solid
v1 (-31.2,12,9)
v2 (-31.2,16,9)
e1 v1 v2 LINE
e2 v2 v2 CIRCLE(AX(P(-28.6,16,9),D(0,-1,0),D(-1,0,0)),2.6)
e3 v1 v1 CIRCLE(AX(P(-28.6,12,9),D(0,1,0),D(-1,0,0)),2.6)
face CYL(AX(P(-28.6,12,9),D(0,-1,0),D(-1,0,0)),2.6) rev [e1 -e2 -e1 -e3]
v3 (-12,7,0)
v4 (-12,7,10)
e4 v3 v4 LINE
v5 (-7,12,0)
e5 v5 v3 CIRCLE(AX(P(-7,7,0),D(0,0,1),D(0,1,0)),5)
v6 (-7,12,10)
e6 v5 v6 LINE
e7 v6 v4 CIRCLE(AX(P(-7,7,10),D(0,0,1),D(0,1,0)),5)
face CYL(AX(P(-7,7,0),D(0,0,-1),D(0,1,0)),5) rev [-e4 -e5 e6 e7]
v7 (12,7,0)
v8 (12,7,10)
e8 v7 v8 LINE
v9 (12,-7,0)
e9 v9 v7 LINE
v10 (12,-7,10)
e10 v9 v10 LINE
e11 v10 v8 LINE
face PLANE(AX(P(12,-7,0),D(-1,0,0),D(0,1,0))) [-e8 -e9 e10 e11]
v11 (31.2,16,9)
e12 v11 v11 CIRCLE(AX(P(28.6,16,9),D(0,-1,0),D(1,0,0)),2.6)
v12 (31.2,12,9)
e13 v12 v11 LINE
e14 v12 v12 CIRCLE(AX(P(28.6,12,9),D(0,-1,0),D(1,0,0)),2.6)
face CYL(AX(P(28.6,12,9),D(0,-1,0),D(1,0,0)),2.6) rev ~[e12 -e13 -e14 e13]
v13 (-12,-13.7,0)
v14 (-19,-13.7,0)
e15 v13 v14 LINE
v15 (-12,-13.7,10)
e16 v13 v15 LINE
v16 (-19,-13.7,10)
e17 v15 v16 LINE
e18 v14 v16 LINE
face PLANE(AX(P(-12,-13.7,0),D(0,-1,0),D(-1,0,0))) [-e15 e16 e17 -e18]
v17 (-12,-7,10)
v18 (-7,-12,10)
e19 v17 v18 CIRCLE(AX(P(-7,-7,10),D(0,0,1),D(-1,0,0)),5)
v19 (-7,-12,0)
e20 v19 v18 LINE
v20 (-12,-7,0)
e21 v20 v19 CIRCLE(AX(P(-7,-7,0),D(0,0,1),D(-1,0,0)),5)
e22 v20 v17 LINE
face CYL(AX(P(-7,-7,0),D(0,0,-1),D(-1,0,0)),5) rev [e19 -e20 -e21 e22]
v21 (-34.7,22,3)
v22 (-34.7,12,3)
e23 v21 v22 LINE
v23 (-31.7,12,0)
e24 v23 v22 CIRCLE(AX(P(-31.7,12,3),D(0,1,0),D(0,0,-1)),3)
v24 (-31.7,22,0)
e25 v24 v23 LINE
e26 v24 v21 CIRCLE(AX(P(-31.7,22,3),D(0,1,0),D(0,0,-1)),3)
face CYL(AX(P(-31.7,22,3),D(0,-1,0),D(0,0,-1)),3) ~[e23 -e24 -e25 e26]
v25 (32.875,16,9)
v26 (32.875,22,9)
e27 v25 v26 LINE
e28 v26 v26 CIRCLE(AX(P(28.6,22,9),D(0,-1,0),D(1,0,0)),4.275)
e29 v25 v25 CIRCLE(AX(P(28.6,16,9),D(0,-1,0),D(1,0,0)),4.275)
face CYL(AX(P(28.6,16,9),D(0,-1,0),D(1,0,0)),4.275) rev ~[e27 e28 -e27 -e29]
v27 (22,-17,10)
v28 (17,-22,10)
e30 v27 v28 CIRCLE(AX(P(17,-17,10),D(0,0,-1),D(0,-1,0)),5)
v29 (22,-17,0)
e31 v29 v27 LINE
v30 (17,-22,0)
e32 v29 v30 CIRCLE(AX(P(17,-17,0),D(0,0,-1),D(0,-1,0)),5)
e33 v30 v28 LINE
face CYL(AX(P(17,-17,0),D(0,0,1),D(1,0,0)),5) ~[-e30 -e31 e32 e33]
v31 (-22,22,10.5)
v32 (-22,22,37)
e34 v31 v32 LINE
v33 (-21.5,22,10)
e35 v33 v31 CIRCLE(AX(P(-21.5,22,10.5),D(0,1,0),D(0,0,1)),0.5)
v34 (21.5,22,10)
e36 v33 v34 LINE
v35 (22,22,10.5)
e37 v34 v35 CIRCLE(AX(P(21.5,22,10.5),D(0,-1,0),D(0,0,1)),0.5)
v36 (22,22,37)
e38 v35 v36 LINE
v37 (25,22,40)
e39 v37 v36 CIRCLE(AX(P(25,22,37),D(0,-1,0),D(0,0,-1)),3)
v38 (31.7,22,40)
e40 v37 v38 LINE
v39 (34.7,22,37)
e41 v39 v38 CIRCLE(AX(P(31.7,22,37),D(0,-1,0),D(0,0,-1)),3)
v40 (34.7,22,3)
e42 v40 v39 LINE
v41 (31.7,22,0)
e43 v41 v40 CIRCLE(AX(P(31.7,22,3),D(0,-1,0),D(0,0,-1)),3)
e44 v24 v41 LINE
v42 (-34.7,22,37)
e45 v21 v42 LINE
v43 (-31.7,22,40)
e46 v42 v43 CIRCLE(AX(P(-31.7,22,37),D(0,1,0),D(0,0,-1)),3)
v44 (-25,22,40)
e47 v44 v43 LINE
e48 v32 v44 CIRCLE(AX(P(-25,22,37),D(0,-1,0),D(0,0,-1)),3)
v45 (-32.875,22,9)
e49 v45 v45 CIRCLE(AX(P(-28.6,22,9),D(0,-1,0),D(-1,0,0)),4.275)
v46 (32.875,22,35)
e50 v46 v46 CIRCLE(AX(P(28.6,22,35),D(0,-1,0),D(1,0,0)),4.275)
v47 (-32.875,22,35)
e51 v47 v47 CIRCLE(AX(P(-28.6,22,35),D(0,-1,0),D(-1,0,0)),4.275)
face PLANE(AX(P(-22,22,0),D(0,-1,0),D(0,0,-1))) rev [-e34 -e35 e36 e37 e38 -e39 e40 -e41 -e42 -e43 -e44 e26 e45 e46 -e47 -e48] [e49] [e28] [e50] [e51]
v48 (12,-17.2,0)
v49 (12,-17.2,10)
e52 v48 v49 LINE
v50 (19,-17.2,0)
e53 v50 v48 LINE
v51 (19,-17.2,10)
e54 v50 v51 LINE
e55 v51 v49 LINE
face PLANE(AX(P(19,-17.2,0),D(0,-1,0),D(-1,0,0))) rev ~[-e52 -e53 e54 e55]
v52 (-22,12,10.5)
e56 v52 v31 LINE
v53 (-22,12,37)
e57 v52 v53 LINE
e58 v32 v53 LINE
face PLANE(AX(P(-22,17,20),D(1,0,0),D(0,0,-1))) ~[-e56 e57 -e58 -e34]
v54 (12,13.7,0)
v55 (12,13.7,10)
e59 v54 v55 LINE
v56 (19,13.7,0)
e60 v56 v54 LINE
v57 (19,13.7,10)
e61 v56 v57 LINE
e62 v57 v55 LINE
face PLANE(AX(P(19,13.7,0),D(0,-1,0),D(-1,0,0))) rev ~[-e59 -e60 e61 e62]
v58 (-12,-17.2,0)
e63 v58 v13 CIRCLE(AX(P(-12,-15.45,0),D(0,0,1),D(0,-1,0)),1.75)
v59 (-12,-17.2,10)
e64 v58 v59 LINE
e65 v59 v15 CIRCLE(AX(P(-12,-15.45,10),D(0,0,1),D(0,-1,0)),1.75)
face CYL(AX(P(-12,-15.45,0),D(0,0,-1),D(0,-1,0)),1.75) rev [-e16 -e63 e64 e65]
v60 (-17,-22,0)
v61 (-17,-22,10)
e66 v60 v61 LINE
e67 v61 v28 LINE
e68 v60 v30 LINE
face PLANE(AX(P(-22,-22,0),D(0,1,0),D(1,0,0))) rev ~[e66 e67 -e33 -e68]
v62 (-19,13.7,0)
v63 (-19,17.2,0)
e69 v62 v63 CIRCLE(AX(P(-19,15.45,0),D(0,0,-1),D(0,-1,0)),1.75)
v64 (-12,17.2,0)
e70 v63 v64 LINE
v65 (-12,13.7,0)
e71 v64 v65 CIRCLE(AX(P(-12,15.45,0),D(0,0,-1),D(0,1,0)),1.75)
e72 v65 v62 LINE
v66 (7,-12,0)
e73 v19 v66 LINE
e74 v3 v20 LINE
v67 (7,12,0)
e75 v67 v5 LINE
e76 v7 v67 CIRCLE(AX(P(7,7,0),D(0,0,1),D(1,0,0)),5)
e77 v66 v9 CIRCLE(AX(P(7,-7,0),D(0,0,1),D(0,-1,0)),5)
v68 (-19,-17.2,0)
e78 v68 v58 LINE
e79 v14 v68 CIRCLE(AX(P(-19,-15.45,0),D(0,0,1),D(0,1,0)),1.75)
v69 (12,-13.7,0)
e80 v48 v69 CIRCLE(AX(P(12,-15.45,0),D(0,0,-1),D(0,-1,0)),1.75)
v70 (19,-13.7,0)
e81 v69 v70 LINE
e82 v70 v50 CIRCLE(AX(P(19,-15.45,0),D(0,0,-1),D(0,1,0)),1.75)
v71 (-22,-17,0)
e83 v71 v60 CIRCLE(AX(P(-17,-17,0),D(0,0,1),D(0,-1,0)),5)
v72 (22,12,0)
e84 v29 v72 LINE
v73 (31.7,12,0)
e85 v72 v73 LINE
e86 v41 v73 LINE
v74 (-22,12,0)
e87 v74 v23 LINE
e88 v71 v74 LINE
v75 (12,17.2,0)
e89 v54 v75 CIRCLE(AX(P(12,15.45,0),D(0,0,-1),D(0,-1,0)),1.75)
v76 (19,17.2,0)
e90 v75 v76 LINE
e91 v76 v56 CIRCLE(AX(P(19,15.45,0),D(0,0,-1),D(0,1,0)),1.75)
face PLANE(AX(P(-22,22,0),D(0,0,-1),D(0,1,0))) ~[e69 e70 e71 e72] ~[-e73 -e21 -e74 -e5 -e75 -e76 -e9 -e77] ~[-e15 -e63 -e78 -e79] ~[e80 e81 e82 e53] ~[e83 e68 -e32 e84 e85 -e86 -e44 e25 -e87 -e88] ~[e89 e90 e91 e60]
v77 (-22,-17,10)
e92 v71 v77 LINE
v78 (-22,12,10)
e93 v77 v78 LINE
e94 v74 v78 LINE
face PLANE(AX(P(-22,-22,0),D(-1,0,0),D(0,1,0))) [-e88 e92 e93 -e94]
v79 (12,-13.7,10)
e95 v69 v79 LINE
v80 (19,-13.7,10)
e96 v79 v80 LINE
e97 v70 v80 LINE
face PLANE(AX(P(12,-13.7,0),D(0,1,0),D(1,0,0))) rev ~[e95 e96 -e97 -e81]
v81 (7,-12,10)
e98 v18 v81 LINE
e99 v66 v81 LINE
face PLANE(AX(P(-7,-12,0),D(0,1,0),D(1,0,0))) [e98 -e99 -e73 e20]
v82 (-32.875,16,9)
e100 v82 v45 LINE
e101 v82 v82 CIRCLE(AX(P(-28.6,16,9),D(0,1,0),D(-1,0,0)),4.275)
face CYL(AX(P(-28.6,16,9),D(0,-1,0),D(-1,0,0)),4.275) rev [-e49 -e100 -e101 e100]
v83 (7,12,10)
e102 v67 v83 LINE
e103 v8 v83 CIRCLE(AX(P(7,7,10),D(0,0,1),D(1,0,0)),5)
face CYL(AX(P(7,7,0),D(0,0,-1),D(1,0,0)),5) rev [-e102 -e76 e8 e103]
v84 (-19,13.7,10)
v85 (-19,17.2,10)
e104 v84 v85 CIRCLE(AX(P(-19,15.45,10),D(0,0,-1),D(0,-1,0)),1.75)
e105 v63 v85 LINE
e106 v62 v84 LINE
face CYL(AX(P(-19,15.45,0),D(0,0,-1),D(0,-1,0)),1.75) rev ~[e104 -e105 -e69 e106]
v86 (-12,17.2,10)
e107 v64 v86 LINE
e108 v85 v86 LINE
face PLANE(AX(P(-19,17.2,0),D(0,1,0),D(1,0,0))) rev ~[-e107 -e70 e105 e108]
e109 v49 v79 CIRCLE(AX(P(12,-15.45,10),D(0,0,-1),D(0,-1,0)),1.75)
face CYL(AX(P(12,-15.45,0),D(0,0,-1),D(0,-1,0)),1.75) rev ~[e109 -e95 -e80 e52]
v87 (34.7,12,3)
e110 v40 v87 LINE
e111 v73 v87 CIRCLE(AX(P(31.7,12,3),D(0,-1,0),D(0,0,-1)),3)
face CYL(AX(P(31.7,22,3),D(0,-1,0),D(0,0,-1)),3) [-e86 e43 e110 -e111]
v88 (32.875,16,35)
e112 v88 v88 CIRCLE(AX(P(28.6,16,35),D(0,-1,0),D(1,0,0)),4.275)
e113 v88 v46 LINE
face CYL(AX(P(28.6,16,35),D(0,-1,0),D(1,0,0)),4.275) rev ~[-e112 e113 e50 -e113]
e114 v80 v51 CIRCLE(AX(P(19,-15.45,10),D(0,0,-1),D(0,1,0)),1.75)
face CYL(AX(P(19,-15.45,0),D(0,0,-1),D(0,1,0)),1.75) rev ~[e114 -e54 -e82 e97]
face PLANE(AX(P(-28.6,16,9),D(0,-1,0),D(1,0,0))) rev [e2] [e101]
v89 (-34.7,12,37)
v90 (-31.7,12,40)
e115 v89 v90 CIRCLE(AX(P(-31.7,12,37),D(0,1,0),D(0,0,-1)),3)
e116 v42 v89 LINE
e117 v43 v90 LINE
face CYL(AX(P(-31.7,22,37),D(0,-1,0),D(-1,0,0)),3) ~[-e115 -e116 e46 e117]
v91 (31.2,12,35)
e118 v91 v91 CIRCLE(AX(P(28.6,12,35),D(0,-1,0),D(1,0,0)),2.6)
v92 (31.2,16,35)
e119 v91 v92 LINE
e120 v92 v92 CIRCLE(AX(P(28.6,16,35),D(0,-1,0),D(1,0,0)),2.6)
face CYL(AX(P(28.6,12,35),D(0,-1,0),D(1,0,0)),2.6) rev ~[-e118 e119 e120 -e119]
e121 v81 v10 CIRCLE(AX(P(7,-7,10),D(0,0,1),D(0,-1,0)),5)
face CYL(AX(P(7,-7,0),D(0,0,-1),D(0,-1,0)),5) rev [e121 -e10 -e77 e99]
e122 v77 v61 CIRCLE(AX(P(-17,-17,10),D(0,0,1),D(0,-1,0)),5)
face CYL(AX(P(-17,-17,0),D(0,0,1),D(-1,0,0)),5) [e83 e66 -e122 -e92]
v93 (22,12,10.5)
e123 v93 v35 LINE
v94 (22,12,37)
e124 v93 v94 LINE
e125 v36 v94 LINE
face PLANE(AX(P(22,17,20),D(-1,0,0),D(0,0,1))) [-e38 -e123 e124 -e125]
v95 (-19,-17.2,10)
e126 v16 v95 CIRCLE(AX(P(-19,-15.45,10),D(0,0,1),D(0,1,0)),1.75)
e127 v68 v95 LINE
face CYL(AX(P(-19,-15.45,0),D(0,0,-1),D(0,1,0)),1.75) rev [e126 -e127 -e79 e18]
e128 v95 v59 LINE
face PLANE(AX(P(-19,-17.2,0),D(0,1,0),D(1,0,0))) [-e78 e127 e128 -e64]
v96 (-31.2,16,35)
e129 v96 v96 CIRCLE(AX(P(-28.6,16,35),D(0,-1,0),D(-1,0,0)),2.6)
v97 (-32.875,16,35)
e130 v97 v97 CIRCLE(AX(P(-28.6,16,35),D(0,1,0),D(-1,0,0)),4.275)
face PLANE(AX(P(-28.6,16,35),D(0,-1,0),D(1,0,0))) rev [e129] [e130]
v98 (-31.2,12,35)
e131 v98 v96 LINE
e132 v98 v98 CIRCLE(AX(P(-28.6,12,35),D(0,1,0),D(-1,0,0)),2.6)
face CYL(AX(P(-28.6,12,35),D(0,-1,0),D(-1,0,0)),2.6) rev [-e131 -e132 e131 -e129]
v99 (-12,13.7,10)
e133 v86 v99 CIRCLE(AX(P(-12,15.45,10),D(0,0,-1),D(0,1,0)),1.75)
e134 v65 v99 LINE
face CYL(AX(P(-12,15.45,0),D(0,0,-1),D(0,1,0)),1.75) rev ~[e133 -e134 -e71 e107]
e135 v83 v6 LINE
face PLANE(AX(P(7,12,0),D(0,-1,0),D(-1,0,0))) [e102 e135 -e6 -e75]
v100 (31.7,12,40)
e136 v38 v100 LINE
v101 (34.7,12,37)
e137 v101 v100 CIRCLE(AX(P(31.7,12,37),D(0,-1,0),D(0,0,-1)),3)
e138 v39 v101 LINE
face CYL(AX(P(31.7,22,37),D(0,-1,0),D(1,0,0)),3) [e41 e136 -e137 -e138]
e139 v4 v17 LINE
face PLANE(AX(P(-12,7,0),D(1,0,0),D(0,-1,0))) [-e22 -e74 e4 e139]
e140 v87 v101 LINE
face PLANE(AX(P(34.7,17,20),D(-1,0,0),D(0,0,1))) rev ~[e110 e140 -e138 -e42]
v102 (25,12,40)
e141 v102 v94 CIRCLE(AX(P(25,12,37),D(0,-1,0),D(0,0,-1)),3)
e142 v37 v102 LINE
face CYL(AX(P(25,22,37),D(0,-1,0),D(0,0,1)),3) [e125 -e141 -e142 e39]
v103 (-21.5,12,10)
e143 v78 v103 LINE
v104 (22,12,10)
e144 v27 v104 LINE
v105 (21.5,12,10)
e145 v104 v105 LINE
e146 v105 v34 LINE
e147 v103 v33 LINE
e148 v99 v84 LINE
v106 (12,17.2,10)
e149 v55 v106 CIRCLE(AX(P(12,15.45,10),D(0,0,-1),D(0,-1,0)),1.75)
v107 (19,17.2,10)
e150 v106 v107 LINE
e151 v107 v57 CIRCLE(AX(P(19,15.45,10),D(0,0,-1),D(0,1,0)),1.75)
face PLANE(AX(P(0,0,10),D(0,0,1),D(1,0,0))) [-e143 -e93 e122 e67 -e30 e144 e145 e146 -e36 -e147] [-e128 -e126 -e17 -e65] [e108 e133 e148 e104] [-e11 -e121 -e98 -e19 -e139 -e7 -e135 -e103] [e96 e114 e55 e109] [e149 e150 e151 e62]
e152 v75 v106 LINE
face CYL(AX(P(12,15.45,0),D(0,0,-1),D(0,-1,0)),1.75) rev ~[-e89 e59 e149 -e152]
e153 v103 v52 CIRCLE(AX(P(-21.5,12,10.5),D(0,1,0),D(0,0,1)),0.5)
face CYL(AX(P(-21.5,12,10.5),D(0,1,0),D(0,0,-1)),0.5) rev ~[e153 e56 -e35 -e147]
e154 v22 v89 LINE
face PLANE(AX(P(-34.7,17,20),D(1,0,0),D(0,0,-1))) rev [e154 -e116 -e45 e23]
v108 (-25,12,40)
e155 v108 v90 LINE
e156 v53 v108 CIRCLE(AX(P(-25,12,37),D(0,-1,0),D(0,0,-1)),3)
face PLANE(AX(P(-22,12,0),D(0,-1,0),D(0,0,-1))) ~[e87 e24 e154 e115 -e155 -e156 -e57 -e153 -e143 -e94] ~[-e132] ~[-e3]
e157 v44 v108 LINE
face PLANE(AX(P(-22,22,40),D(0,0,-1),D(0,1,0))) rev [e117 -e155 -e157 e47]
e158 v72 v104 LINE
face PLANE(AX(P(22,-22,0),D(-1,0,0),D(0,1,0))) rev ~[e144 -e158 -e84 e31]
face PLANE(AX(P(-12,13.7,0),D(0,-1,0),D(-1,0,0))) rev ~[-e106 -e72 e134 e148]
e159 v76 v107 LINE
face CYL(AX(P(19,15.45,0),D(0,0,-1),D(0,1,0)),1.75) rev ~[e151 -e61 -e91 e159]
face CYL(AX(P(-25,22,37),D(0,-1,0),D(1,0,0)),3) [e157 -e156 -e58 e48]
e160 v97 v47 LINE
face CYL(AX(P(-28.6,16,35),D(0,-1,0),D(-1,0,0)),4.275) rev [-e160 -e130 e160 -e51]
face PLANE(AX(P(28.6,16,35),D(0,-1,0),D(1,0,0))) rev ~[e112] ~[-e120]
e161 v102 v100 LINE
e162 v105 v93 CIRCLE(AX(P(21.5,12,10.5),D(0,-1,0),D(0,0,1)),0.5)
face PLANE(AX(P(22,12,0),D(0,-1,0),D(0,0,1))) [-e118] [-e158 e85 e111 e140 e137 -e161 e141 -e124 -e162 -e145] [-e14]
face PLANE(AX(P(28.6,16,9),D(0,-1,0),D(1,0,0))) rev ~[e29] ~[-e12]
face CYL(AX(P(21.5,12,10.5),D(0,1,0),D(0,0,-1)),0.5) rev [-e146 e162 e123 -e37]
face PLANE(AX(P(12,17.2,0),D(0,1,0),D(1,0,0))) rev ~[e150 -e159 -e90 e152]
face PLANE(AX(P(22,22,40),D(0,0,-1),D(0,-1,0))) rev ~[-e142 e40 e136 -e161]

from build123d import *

# Parameters (mm, degrees)
SKETCH1_W           = 44
SKETCH1_H           = 44
BOSS_EXTRUDE1_DEPTH = 10
BOSS_EXTRUDE2_DEPTH = 12.7
SKETCH3_R           = 2.6
CUT_EXTRUDE1_DEPTH  = 63.929245983
SKETCH4_R           = 4.275
CUT_EXTRUDE2_DEPTH  = 66.177373375
FILLET1_R           = 3
FILLET2_R           = 5
FILLET3_R           = 0.5


with BuildPart() as part:
    # Sketch1 → Boss-Extrude1 (new body)
    with BuildSketch(Plane.XY):
        Rectangle(SKETCH1_W, SKETCH1_H)
        with BuildLine():
            Line((7, 12), (-7, 12))
            ThreePointArc((-7, 12), (-10.535533906, 10.535533906), (-12, 7))
            Line((-12, 7), (-12, -7))
            ThreePointArc((-12, -7), (-10.535533906, -10.535533906), (-7, -12))
            Line((-7, -12), (7, -12))
            ThreePointArc((7, -12), (10.535533906, -10.535533906), (12, -7))
            Line((12, -7), (12, 7))
            ThreePointArc((12, 7), (10.535533906, 10.535533906), (7, 12))
        make_face(mode=Mode.SUBTRACT)
        with BuildLine():
            Line((-19, 17.2), (-12, 17.2))
            ThreePointArc((-12, 17.2), (-10.25, 15.45), (-12, 13.7))
            Line((-12, 13.7), (-19, 13.7))
            ThreePointArc((-19, 13.7), (-20.75, 15.45), (-19, 17.2))
        make_face(mode=Mode.SUBTRACT)
        with BuildLine():
            Line((-19, -17.2), (-12, -17.2))
            ThreePointArc((-12, -17.2), (-10.25, -15.45), (-12, -13.7))
            Line((-12, -13.7), (-19, -13.7))
            ThreePointArc((-19, -13.7), (-20.75, -15.45), (-19, -17.2))
        make_face(mode=Mode.SUBTRACT)
        with BuildLine():
            Line((12, 17.2), (19, 17.2))
            ThreePointArc((19, 17.2), (20.75, 15.45), (19, 13.7))
            Line((19, 13.7), (12, 13.7))
            ThreePointArc((12, 13.7), (10.25, 15.45), (12, 17.2))
        make_face(mode=Mode.SUBTRACT)
        with BuildLine():
            Line((12, -13.7), (19, -13.7))
            ThreePointArc((19, -13.7), (20.75, -15.45), (19, -17.2))
            Line((19, -17.2), (12, -17.2))
            ThreePointArc((12, -17.2), (10.25, -15.45), (12, -13.7))
        make_face(mode=Mode.SUBTRACT)
    extrude(amount=BOSS_EXTRUDE1_DEPTH)

    # Sketch2 → Boss-Extrude2 (add)
    with BuildSketch(Plane(origin=(22, 0, 0), x_dir=(0, 0, -1), z_dir=(1, 0, 0))):
        Polygon((0, 12), (-40, 12), (-40, 16), (-40, 22), (-10, 22), (0, 22), align=None)
    boss_extrude2 = extrude(amount=BOSS_EXTRUDE2_DEPTH)

    # Sketch3 → Cut-Extrude1 (cut, through all)
    with BuildSketch(Plane.XZ.offset(-12)):
        with Locations((28.6, 35)):
            Circle(SKETCH3_R)
        with Locations((28.6, 9)):
            Circle(SKETCH3_R)
    cut_extrude1 = extrude(amount=-CUT_EXTRUDE1_DEPTH, mode=Mode.SUBTRACT)

    # Sketch4 → Cut-Extrude2 (cut, through all)
    with BuildSketch(Plane(origin=(0, 16, 0), x_dir=(-1, 0, 0), z_dir=(0, -1, 0))):
        with Locations(Location((-28.6, -9, 0), (0, 0, 180))):
            Circle(SKETCH4_R)
        with Locations(Location((-28.6, -35, 0), (0, 0, 180))):
            Circle(SKETCH4_R)
    cut_extrude2 = extrude(amount=-CUT_EXTRUDE2_DEPTH, mode=Mode.SUBTRACT)

    # Mirror1: Boss-Extrude2, Cut-Extrude1, Cut-Extrude2 across plane
    add(boss_extrude2.mirror(Plane(origin=(0, 0, 0), x_dir=(0, 0, 1), z_dir=(1, 0, 0))))
    add(cut_extrude1.mirror(Plane(origin=(0, 0, 0), x_dir=(0, 0, 1), z_dir=(1, 0, 0))), mode=Mode.SUBTRACT)
    add(cut_extrude2.mirror(Plane(origin=(0, 0, 0), x_dir=(0, 0, 1), z_dir=(1, 0, 0))), mode=Mode.SUBTRACT)

    # Fillet1
    fillet1_edges = [part.edges().sort_by_distance(p)[0] for p in [
        (34.7, 17, 0),
        (34.7, 17, 40),
        (-34.7, 17, 0),
        (-34.7, 17, 40),
        (-22, 17, 40),
        (22, 17, 40),
    ]]
    fillet(fillet1_edges, radius=FILLET1_R)

    # Fillet2
    fillet2_edges = [part.edges().sort_by_distance(p)[0] for p in [
        (22, -22, 5),
        (-22, -22, 5),
    ]]
    fillet(fillet2_edges, radius=FILLET2_R)

    # Fillet3
    fillet3_edges = [part.edges().sort_by_distance(p)[0] for p in [
        (-22, 17, 10),
        (22, 17, 10),
    ]]
    fillet(fillet3_edges, radius=FILLET3_R)


solid = part.part
